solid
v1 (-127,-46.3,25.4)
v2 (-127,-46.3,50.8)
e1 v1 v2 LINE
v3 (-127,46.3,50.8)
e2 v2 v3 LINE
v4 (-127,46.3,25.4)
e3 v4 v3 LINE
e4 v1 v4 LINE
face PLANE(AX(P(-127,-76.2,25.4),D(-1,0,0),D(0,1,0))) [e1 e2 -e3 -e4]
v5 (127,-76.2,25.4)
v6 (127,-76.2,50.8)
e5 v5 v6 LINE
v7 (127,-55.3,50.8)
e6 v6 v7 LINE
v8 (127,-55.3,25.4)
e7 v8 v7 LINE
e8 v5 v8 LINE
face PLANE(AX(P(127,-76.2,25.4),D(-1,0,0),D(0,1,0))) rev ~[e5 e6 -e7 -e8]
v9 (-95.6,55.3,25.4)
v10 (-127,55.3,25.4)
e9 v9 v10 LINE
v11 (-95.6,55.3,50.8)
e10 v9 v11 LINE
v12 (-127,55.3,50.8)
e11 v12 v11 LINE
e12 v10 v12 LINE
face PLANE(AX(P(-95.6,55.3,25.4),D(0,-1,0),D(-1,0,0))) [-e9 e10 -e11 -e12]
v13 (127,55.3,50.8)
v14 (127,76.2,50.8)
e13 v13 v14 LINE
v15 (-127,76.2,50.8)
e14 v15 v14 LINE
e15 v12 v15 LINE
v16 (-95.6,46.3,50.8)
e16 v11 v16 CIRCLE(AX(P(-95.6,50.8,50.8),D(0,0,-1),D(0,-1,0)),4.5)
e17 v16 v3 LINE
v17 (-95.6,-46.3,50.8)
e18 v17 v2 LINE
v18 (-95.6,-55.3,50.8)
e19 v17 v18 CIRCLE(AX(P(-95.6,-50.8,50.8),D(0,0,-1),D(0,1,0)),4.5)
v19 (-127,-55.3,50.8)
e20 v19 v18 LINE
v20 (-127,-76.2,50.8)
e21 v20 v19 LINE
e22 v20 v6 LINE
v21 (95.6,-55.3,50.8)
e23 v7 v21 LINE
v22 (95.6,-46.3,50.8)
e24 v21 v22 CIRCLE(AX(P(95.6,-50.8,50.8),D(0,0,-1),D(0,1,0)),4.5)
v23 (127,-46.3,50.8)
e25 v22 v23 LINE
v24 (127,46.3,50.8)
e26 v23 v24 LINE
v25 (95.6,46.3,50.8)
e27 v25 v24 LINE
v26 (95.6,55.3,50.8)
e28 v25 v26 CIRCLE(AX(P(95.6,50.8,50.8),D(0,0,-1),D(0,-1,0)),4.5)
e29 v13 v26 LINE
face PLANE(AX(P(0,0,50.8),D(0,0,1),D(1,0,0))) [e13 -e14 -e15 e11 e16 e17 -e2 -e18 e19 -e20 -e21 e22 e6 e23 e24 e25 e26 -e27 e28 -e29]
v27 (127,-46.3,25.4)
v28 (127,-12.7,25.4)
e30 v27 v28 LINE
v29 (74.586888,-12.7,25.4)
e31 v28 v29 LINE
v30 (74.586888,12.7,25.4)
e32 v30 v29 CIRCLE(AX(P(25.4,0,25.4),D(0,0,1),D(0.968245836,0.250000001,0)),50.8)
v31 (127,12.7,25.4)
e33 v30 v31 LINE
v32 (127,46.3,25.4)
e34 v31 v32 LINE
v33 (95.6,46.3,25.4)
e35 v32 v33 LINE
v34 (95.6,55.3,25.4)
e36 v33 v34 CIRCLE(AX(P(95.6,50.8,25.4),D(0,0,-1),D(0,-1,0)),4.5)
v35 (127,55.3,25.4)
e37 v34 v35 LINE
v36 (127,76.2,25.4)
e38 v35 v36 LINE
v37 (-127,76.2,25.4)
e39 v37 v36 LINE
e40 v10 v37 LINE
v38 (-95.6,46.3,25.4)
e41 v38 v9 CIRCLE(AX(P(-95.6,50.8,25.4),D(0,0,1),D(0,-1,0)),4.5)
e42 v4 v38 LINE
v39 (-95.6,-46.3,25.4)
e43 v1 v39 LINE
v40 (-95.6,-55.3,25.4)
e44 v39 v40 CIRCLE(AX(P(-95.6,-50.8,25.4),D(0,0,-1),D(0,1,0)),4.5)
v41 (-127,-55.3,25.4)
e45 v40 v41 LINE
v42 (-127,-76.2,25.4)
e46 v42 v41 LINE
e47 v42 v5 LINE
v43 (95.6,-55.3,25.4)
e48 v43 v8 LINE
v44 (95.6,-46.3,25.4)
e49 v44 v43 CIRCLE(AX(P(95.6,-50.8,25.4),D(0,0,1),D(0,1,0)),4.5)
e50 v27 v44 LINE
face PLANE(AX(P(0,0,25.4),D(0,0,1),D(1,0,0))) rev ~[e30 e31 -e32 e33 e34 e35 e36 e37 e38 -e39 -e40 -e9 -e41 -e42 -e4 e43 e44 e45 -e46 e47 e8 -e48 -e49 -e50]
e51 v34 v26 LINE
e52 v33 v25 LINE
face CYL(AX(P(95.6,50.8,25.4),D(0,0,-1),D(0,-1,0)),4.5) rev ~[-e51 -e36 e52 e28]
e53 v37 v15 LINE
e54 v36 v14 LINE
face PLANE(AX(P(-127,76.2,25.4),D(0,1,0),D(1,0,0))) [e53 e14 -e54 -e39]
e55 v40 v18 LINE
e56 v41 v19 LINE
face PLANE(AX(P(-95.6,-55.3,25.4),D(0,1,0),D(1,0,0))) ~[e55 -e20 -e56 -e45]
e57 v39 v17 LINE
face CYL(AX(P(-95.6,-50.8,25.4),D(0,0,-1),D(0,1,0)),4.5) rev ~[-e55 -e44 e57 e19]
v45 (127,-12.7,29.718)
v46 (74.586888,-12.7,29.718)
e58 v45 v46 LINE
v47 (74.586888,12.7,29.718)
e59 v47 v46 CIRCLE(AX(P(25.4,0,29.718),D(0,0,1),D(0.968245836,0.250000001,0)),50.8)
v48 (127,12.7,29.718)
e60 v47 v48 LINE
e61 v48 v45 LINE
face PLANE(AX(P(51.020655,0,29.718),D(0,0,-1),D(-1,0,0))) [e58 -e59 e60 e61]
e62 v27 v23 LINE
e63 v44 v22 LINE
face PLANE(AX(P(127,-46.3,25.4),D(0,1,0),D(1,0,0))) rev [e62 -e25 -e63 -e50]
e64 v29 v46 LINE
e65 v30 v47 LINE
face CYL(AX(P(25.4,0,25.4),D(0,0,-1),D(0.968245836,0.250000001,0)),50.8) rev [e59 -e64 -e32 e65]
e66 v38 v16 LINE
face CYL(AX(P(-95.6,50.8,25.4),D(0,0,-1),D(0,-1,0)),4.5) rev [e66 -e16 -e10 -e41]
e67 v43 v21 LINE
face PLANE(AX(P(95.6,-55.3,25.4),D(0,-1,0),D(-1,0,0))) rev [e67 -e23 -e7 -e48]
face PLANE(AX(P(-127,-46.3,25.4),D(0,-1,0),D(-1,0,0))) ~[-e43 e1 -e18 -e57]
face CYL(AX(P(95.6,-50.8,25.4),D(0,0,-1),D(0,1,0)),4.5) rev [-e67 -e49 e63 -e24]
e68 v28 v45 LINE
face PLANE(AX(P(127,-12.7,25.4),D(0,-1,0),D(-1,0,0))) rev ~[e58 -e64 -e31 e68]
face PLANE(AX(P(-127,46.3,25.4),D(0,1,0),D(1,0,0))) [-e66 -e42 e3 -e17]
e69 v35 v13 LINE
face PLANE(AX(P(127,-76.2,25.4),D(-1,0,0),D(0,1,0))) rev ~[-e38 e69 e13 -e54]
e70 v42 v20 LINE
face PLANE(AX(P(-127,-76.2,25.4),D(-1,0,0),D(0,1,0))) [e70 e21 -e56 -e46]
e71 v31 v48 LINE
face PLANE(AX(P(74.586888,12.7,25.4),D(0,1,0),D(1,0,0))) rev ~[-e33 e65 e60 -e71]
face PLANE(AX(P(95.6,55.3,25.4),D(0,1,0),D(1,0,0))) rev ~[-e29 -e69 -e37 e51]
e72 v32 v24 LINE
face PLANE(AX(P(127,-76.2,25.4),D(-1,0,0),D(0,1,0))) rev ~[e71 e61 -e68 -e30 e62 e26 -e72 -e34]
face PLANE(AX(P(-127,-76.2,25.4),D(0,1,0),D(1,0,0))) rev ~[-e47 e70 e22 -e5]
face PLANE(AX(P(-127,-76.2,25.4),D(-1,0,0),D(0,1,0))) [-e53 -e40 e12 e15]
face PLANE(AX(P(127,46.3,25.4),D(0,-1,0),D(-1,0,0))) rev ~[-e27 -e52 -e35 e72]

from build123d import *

# Parameters (mm, degrees)
SKETCH003_W                   = 254
SKETCH003_H                   = 152.4
PAD001_DEPTH                  = 25.4
POCKET002_DEPTH               = 619.999755
POCKET003_DEPTH               = 4.318
POCKET002_MIRRORED002_2_DEPTH = 619.999755


with BuildPart() as part:
    # Sketch003 (on Face1 of ShapeBinder) → Pad001 (new body)
    with BuildSketch(Plane.XY.offset(25.4)):
        Rectangle(SKETCH003_W, SKETCH003_H)
    extrude(amount=PAD001_DEPTH)

    # Sketch004 (on Face1 of ShapeBinder) → Pocket002 (cut, through all)
    with BuildSketch(Plane.XY.offset(25.4)):
        with BuildLine():
            ThreePointArc((-95.6, 46.3), (-91.1, 50.8), (-95.6, 55.3))
            Line((-95.6, 55.3), (-127, 55.3))
            Line((-127, 55.3), (-127, 46.3))
            Line((-127, 46.3), (-95.6, 46.3))
        make_face()
    pocket002 = extrude(amount=POCKET002_DEPTH, mode=Mode.SUBTRACT)

    # Sketch005 (on Face1 of ShapeBinder) → Pocket003 (cut)
    with BuildSketch(Plane.XY.offset(25.4)):
        with BuildLine():
            Line((127, -12.7), (74.586888, -12.7))
            ThreePointArc((74.586888, 12.7), (-25.4, 0), (74.586888, -12.7))
            Line((74.586888, 12.7), (127, 12.7))
            Line((127, 12.7), (127, -12.7))
        make_face()
    extrude(amount=POCKET003_DEPTH, mode=Mode.SUBTRACT)

    # Sketch004 Mirrored002 2 → Pocket002 Mirrored002 2 (cut, through all)
    with BuildSketch(Plane(origin=(0, 0, 25.4), x_dir=(-1, 0, 0), z_dir=(0, 0, -1))):
        with BuildLine():
            ThreePointArc((-95.6, 46.3), (-91.1, 50.8), (-95.6, 55.3))
            Line((-95.6, 55.3), (-127, 55.3))
            Line((-127, 55.3), (-127, 46.3))
            Line((-127, 46.3), (-95.6, 46.3))
        make_face()
    pocket002_mirrored002_2 = extrude(amount=-POCKET002_MIRRORED002_2_DEPTH, mode=Mode.SUBTRACT)

    # Mirrored003: Pocket002, Pocket002 Mirrored002 2 across XZ
    add(pocket002.mirror(Plane.XZ), mode=Mode.SUBTRACT)
    add(pocket002_mirrored002_2.mirror(Plane.XZ), mode=Mode.SUBTRACT)


solid = part.part
